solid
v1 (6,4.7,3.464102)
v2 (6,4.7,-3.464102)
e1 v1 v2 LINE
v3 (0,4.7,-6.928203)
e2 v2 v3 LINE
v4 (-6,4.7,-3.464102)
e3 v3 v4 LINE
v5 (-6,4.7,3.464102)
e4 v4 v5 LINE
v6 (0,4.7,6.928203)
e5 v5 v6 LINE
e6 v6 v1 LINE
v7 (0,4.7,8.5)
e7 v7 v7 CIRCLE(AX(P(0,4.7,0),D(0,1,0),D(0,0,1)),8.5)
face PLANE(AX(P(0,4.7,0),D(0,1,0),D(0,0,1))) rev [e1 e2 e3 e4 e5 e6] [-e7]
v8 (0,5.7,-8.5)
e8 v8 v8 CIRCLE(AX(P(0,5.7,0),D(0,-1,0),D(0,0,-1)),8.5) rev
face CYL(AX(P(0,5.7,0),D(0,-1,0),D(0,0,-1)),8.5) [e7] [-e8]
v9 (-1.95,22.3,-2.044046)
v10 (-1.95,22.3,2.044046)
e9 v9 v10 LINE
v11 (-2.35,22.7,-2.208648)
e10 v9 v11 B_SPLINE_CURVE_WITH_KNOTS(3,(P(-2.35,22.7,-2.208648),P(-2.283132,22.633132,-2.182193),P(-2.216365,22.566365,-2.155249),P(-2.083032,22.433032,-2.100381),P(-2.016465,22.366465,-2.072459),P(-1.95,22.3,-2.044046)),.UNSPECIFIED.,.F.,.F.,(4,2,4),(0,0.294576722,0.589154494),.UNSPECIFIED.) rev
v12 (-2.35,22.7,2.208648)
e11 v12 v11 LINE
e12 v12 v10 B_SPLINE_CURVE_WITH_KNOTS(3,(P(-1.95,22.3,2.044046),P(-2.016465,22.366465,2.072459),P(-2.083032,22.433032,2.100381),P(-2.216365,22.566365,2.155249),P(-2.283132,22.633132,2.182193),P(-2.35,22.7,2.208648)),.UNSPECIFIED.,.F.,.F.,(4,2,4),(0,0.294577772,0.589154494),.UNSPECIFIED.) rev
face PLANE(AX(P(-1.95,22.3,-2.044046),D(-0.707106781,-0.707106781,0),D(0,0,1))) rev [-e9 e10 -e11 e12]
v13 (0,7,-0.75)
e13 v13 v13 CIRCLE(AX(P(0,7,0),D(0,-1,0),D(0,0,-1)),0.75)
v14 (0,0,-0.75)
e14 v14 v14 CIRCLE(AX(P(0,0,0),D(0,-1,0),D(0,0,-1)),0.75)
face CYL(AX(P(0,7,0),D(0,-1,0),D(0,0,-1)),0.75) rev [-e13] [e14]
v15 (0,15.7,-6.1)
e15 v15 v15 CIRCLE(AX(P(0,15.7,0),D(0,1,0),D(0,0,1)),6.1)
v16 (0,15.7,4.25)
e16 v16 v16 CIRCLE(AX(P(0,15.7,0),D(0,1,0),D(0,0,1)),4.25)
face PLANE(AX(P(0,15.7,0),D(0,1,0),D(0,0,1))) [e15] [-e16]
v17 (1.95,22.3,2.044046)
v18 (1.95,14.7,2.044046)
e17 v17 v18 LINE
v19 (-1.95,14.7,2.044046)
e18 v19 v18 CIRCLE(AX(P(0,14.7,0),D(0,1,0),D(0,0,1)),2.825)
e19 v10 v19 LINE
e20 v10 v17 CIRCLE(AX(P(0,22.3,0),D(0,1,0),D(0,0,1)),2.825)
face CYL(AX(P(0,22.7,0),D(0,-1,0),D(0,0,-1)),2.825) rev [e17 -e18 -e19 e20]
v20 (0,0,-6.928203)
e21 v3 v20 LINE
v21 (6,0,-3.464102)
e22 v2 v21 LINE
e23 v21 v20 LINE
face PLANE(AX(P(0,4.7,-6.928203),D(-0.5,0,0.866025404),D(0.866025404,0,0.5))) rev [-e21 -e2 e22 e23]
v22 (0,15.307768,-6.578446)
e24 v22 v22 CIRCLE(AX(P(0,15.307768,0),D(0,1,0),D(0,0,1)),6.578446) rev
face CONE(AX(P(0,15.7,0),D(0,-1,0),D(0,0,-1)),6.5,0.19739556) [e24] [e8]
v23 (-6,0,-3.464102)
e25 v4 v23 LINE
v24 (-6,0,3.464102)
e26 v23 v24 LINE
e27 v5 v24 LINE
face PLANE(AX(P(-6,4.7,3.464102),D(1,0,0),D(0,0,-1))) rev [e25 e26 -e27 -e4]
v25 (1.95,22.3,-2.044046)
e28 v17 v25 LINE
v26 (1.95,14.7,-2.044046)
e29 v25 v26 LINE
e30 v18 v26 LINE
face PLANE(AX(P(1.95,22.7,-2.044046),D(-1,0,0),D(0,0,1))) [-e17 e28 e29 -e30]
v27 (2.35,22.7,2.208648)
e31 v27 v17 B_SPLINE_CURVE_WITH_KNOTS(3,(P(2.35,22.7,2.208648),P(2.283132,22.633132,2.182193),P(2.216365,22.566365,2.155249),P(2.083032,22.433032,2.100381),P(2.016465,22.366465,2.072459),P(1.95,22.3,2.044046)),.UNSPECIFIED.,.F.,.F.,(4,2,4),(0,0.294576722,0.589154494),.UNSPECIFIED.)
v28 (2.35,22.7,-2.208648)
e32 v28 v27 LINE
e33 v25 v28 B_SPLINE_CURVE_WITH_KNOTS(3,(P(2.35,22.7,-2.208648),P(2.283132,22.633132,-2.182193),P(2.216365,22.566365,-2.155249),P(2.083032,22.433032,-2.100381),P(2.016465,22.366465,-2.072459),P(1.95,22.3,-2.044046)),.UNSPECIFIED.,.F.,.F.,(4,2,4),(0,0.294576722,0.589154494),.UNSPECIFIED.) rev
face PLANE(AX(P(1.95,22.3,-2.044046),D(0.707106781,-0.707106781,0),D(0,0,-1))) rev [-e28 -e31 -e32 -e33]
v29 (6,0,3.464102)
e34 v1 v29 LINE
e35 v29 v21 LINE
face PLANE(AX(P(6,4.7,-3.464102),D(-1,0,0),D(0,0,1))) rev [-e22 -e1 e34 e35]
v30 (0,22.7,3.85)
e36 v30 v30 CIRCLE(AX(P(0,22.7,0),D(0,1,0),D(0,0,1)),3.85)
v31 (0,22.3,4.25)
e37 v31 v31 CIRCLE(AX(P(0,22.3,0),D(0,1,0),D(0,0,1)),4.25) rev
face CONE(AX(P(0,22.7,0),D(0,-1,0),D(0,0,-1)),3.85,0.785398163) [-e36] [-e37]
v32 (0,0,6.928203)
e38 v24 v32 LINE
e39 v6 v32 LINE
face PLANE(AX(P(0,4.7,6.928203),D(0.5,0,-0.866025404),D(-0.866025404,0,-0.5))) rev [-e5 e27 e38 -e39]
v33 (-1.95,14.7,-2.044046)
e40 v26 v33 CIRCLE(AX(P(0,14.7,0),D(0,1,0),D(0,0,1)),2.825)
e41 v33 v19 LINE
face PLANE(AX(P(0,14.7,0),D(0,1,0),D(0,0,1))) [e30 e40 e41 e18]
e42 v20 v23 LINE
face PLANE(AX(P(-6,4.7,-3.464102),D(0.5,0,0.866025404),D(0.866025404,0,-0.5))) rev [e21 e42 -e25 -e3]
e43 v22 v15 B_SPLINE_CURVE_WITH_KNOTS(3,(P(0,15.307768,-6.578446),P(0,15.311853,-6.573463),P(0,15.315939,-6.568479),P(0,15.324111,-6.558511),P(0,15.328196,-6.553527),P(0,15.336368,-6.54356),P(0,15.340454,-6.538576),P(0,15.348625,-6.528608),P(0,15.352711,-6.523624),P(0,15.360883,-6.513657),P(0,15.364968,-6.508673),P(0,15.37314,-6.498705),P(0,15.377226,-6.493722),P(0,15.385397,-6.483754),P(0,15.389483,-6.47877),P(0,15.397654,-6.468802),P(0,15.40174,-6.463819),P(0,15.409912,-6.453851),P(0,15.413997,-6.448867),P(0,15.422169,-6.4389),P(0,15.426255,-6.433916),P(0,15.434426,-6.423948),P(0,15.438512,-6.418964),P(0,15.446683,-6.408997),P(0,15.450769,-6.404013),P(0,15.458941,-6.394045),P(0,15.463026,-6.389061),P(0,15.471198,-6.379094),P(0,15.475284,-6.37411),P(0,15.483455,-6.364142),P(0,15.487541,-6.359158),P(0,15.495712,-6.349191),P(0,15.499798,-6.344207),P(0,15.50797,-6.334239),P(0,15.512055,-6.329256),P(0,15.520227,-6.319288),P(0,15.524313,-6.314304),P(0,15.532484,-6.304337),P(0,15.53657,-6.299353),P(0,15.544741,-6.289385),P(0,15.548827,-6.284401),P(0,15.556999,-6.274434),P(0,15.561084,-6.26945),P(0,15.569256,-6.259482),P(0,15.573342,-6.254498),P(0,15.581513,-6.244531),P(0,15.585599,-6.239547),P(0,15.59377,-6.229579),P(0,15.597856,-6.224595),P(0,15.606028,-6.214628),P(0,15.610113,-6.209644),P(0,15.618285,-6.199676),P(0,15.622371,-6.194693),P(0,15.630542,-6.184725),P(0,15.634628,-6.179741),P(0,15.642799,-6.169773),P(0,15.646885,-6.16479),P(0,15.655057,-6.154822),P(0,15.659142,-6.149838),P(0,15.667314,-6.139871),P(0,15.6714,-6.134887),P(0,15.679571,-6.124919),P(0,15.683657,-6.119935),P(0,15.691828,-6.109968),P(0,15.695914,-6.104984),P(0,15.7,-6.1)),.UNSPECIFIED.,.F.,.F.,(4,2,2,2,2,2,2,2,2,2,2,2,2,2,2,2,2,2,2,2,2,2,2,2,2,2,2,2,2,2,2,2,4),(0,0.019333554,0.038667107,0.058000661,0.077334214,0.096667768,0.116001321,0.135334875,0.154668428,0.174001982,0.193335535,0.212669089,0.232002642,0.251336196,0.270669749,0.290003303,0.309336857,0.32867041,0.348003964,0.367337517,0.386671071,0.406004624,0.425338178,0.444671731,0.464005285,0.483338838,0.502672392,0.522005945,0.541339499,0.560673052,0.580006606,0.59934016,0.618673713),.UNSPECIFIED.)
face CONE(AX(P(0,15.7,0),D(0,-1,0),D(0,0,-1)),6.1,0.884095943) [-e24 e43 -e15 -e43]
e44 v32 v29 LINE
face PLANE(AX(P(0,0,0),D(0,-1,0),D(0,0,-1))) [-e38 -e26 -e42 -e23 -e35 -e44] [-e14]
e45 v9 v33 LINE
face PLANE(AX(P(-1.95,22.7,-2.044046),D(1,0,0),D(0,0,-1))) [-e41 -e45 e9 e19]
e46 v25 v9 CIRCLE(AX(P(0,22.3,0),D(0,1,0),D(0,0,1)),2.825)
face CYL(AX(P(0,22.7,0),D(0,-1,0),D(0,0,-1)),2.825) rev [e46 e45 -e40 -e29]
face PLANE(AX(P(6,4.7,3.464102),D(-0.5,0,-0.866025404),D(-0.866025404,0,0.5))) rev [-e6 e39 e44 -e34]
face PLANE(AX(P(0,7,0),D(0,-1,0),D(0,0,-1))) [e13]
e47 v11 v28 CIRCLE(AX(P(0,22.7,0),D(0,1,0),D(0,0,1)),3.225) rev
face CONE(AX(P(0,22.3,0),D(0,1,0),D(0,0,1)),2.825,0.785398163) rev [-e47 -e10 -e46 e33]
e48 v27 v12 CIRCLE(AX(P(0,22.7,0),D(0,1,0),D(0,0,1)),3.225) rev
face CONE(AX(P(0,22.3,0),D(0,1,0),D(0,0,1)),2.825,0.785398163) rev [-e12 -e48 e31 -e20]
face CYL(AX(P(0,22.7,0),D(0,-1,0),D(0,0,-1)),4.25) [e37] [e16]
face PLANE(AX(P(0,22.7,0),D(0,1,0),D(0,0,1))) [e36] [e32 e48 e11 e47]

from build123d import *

# Parameters (mm, degrees)
BOSS_EXTRUDE1_DEPTH = 4.7
SKETCH2_R           = 8.5
BOSS_EXTRUDE2_DEPTH = 1
SKETCH4_R           = 6.5
SKETCH3_R           = 8.5
SKETCH5_R           = 4.25
BOSS_EXTRUDE3_DEPTH = 7
CHAMFER1_SIZE       = 0.4
SKETCH6_R           = 0.75
CUT_EXTRUDE1_DEPTH  = 7
CUT_EXTRUDE2_START  = -1
CUT_EXTRUDE2_DEPTH  = 1


with BuildPart() as part:
    # Sketch1 → Boss-Extrude1 (new body)
    with BuildSketch(Plane(origin=(0, 0, 0), x_dir=(1, 0, 0), z_dir=(0, 1, 0))):
        Polygon((0, 6.92820323), (6, 3.464101615), (6, -3.464101615), (0, -6.92820323), (-6, -3.464101615), (-6, 3.464101615), align=None)
    extrude(amount=BOSS_EXTRUDE1_DEPTH)

    # Sketch2 → Boss-Extrude2 (add)
    with BuildSketch(Plane(origin=(0, 4.7, 0), x_dir=(1, 0, 0), z_dir=(0, 1, 0))):
        with Locations(Location((0, 0, 0), (0, 0, 270))):
            Circle(SKETCH2_R)
    extrude(amount=BOSS_EXTRUDE2_DEPTH)

    # Sketch4 → Loft1 section 0
    with BuildSketch(Plane(origin=(0, 15.7, 0), x_dir=(1, 0, 0), z_dir=(0, 1, 0))):
        Circle(SKETCH4_R)
    # Sketch3 → Loft1 section 1
    with BuildSketch(Plane(origin=(0, 5.7, 0), x_dir=(1, 0, 0), z_dir=(0, 1, 0))):
        Circle(SKETCH3_R)
    loft()

    # Sketch5 → Boss-Extrude3 (add)
    with BuildSketch(Plane(origin=(0, 15.7, 0), x_dir=(1, 0, 0), z_dir=(0, 1, 0))):
        with Locations(Location((0, 0, 0), (0, 0, 270))):
            Circle(SKETCH5_R)
        with BuildLine():
            Line((-1.95, 2.044046232), (-1.95, -2.044046232))
            ThreePointArc((-1.95, -2.044046232), (0, -2.825), (1.95, -2.044046232))
            Line((1.95, -2.044046232), (1.95, 2.044046232))
            ThreePointArc((1.95, 2.044046232), (0, 2.825), (-1.95, 2.044046232))
        make_face(mode=Mode.SUBTRACT)
    extrude(amount=BOSS_EXTRUDE3_DEPTH)

    # Chamfer1
    chamfer1_edges = [part.edges().sort_by_distance(p)[0] for p in [
        (-6.5, 15.7, 0),
        (0, 22.7, -4.25),
        (0, 22.7, -2.825),
        (-1.95, 22.7, 0),
        (0, 22.7, 2.825),
        (1.95, 22.7, 0),
    ]]
    chamfer(chamfer1_edges, length=CHAMFER1_SIZE)

    # Sketch6 → Cut-Extrude1 (cut)
    with BuildSketch(Plane.XZ):
        with Locations(Location((0, 0, 0), (0, 0, 270))):
            Circle(SKETCH6_R)
    extrude(amount=-CUT_EXTRUDE1_DEPTH, mode=Mode.SUBTRACT)

    # Sketch7 → Cut-Extrude2 (cut)
    with BuildSketch(Plane(origin=(0, 15.7, 0), x_dir=(1, 0, 0), z_dir=(0, 1, 0)).offset(CUT_EXTRUDE2_START)):
        with BuildLine():
            Line((1.95, -2.044046232), (1.95, 2.044046232))
            ThreePointArc((1.95, 2.044046232), (0, 2.825), (-1.95, 2.044046232))
            Line((-1.95, 2.044046232), (-1.95, -2.044046232))
            ThreePointArc((-1.95, -2.044046232), (0, -2.825), (1.95, -2.044046232))
        make_face()
    extrude(amount=CUT_EXTRUDE2_DEPTH, mode=Mode.SUBTRACT)


solid = part.part
